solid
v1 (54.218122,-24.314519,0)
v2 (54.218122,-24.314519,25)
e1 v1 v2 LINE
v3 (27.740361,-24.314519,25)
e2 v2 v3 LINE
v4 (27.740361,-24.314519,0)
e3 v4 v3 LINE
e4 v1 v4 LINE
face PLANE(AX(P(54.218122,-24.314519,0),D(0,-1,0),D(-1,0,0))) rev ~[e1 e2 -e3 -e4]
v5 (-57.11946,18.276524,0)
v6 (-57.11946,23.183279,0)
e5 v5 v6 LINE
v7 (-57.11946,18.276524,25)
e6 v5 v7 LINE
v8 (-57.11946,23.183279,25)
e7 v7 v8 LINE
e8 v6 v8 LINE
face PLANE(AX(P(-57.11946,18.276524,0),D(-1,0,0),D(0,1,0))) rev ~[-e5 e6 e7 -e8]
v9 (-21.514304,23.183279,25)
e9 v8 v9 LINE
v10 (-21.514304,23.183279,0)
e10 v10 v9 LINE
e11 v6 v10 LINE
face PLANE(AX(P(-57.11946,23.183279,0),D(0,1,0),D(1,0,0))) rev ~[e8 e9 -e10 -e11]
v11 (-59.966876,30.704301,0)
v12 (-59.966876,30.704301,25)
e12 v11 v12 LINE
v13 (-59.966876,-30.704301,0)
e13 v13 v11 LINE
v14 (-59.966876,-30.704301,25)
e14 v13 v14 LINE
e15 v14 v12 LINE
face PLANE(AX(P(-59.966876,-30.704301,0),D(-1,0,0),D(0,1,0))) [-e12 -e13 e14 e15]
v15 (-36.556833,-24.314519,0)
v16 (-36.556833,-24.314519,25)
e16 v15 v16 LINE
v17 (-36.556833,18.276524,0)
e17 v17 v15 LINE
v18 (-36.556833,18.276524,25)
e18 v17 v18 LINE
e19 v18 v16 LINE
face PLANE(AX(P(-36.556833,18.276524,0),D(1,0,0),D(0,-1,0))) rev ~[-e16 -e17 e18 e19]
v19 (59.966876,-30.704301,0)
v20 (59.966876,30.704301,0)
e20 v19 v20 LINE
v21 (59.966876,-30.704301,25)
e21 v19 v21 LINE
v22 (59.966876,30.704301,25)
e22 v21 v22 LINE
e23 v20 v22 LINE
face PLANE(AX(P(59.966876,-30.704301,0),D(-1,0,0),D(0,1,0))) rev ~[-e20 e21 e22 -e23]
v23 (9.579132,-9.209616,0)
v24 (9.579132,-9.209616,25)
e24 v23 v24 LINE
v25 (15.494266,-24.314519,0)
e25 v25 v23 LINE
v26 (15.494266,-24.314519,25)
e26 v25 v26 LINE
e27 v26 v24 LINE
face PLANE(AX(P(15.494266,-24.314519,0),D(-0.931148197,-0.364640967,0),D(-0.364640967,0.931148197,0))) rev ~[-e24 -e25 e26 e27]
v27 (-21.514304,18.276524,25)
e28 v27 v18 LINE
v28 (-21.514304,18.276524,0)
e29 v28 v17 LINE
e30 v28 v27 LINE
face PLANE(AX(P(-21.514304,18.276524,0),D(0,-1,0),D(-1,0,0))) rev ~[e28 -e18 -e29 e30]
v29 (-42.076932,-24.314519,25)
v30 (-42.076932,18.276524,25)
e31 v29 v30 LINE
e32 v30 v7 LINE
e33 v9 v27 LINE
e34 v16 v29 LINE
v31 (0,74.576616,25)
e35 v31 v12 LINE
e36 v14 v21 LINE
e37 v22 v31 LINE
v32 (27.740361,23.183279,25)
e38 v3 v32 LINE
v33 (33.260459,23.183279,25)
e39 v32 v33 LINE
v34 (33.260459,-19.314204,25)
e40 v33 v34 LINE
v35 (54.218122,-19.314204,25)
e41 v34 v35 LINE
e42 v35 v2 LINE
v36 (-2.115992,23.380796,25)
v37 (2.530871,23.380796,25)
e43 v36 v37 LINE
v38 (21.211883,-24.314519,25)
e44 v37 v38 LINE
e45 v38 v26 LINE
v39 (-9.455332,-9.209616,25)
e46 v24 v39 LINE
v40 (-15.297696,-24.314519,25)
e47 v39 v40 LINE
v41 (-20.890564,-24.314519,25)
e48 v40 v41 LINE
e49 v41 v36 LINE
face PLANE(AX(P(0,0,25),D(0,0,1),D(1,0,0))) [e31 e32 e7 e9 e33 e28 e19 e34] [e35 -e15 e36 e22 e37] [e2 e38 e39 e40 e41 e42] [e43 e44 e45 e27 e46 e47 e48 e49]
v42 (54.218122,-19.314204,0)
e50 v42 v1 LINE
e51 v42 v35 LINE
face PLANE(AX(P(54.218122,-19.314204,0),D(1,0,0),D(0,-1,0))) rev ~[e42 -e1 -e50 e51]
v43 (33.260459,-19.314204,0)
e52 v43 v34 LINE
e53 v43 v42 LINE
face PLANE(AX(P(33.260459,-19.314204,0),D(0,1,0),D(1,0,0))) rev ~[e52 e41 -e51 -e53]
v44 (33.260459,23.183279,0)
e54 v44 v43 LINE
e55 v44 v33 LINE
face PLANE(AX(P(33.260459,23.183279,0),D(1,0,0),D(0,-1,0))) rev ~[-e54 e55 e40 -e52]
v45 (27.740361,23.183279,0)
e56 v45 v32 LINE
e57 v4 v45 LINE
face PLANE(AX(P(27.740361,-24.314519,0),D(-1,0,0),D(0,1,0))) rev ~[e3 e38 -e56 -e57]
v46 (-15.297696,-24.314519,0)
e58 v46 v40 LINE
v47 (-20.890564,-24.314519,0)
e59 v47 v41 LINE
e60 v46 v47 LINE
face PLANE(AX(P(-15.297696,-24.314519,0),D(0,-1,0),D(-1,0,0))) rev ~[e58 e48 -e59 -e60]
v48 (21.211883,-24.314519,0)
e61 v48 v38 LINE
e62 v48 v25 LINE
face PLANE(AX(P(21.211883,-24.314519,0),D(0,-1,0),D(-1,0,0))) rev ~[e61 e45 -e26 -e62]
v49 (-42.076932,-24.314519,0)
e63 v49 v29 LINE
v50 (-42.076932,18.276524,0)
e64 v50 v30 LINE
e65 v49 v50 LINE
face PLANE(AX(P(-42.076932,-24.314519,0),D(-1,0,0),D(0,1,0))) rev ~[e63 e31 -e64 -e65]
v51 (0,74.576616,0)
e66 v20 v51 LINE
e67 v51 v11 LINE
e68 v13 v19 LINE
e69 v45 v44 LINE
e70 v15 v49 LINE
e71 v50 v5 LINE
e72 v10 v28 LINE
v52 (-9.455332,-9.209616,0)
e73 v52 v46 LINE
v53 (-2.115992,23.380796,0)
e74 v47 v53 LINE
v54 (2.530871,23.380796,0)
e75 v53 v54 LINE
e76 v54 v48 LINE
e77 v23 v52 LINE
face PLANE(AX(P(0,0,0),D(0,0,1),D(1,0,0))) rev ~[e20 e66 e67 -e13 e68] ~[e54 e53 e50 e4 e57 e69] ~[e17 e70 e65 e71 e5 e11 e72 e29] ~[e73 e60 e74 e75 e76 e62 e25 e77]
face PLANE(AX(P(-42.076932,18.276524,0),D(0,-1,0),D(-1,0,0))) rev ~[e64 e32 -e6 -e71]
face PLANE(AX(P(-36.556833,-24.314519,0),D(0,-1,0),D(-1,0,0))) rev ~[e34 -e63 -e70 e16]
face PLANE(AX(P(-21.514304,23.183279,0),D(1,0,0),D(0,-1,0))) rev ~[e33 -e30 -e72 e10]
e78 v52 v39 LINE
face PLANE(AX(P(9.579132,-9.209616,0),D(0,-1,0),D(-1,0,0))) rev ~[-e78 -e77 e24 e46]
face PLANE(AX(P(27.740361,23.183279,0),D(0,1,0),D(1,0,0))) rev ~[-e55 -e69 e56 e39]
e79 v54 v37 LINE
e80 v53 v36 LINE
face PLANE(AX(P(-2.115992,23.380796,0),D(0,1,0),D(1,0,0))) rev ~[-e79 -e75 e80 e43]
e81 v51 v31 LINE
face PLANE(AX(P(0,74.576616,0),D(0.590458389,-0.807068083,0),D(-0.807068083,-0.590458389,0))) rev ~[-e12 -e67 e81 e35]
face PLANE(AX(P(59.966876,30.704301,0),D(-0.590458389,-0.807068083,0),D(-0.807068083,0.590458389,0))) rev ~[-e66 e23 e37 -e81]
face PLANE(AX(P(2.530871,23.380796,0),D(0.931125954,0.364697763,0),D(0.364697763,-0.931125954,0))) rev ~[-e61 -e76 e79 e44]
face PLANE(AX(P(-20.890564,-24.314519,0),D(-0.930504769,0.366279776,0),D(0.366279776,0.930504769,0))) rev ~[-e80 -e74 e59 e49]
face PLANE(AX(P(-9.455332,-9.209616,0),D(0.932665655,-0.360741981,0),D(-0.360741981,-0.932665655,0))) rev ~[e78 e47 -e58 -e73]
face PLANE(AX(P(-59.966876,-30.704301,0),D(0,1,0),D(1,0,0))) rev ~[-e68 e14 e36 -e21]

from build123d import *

# Parameters (mm, degrees)
F1_DEPTH = 25
F0_W     = 119.9337523431
F0_H     = 61.4086027442
F2_DEPTH = 25
F3_DEPTH = 25


with BuildPart() as f1:
    # F0 (on Top) → F1 (new body)
    with BuildSketch(Plane.XY):
        Polygon((-59.9668761715, 30.7043013721), (59.9668761715, 30.7043013721), (0, 74.5766162872), align=None)
    extrude(amount=F1_DEPTH)

    # F0 (on Top) → F2 (join)
    with BuildSketch(Plane.XY):
        Rectangle(F0_W, F0_H)
        Polygon((-36.5568330017, 18.276524249), (-36.5568330017, -24.3145190179), (-42.0769316042, -24.3145190179), (-42.0769316042, 18.276524249), (-57.1194601879, 18.276524249), (-57.1194601879, 23.1832785624), (-21.514304418, 23.1832785624), (-21.514304418, 18.276524249), align=None, mode=Mode.SUBTRACT)
        Polygon((21.2118825059, -24.3145190179), (15.4942662508, -24.3145190179), (9.5791323434, -9.2096164388), (-9.4553319529, -9.2096164388), (-15.2976961989, -24.3145190179), (-20.8905644629, -24.3145190179), (-2.1159918146, 23.3807962149), (2.5308708508, 23.3807962149), align=None, mode=Mode.SUBTRACT)
        Polygon((54.2181217962, -24.3145190179), (27.7403607025, -24.3145190179), (27.7403607025, 23.1832785624), (33.2604593051, 23.1832785624), (33.2604593051, -19.3142037113), (54.2181217962, -19.3142037113), align=None, mode=Mode.SUBTRACT)
        Polygon((-59.9668761715, 30.7043013721), (59.9668761715, 30.7043013721), (0, 74.5766162872), align=None)
    extrude(amount=F2_DEPTH)

    # F0 (on Top) → F3 (join)
    with BuildSketch(Plane.XY):
        Rectangle(F0_W, F0_H)
        Polygon((-36.5568330017, 18.276524249), (-36.5568330017, -24.3145190179), (-42.0769316042, -24.3145190179), (-42.0769316042, 18.276524249), (-57.1194601879, 18.276524249), (-57.1194601879, 23.1832785624), (-21.514304418, 23.1832785624), (-21.514304418, 18.276524249), align=None, mode=Mode.SUBTRACT)
        Polygon((21.2118825059, -24.3145190179), (15.4942662508, -24.3145190179), (9.5791323434, -9.2096164388), (-9.4553319529, -9.2096164388), (-15.2976961989, -24.3145190179), (-20.8905644629, -24.3145190179), (-2.1159918146, 23.3807962149), (2.5308708508, 23.3807962149), align=None, mode=Mode.SUBTRACT)
        Polygon((54.2181217962, -24.3145190179), (27.7403607025, -24.3145190179), (27.7403607025, 23.1832785624), (33.2604593051, 23.1832785624), (33.2604593051, -19.3142037113), (54.2181217962, -19.3142037113), align=None, mode=Mode.SUBTRACT)
    extrude(amount=F3_DEPTH)


solid = f1.part
